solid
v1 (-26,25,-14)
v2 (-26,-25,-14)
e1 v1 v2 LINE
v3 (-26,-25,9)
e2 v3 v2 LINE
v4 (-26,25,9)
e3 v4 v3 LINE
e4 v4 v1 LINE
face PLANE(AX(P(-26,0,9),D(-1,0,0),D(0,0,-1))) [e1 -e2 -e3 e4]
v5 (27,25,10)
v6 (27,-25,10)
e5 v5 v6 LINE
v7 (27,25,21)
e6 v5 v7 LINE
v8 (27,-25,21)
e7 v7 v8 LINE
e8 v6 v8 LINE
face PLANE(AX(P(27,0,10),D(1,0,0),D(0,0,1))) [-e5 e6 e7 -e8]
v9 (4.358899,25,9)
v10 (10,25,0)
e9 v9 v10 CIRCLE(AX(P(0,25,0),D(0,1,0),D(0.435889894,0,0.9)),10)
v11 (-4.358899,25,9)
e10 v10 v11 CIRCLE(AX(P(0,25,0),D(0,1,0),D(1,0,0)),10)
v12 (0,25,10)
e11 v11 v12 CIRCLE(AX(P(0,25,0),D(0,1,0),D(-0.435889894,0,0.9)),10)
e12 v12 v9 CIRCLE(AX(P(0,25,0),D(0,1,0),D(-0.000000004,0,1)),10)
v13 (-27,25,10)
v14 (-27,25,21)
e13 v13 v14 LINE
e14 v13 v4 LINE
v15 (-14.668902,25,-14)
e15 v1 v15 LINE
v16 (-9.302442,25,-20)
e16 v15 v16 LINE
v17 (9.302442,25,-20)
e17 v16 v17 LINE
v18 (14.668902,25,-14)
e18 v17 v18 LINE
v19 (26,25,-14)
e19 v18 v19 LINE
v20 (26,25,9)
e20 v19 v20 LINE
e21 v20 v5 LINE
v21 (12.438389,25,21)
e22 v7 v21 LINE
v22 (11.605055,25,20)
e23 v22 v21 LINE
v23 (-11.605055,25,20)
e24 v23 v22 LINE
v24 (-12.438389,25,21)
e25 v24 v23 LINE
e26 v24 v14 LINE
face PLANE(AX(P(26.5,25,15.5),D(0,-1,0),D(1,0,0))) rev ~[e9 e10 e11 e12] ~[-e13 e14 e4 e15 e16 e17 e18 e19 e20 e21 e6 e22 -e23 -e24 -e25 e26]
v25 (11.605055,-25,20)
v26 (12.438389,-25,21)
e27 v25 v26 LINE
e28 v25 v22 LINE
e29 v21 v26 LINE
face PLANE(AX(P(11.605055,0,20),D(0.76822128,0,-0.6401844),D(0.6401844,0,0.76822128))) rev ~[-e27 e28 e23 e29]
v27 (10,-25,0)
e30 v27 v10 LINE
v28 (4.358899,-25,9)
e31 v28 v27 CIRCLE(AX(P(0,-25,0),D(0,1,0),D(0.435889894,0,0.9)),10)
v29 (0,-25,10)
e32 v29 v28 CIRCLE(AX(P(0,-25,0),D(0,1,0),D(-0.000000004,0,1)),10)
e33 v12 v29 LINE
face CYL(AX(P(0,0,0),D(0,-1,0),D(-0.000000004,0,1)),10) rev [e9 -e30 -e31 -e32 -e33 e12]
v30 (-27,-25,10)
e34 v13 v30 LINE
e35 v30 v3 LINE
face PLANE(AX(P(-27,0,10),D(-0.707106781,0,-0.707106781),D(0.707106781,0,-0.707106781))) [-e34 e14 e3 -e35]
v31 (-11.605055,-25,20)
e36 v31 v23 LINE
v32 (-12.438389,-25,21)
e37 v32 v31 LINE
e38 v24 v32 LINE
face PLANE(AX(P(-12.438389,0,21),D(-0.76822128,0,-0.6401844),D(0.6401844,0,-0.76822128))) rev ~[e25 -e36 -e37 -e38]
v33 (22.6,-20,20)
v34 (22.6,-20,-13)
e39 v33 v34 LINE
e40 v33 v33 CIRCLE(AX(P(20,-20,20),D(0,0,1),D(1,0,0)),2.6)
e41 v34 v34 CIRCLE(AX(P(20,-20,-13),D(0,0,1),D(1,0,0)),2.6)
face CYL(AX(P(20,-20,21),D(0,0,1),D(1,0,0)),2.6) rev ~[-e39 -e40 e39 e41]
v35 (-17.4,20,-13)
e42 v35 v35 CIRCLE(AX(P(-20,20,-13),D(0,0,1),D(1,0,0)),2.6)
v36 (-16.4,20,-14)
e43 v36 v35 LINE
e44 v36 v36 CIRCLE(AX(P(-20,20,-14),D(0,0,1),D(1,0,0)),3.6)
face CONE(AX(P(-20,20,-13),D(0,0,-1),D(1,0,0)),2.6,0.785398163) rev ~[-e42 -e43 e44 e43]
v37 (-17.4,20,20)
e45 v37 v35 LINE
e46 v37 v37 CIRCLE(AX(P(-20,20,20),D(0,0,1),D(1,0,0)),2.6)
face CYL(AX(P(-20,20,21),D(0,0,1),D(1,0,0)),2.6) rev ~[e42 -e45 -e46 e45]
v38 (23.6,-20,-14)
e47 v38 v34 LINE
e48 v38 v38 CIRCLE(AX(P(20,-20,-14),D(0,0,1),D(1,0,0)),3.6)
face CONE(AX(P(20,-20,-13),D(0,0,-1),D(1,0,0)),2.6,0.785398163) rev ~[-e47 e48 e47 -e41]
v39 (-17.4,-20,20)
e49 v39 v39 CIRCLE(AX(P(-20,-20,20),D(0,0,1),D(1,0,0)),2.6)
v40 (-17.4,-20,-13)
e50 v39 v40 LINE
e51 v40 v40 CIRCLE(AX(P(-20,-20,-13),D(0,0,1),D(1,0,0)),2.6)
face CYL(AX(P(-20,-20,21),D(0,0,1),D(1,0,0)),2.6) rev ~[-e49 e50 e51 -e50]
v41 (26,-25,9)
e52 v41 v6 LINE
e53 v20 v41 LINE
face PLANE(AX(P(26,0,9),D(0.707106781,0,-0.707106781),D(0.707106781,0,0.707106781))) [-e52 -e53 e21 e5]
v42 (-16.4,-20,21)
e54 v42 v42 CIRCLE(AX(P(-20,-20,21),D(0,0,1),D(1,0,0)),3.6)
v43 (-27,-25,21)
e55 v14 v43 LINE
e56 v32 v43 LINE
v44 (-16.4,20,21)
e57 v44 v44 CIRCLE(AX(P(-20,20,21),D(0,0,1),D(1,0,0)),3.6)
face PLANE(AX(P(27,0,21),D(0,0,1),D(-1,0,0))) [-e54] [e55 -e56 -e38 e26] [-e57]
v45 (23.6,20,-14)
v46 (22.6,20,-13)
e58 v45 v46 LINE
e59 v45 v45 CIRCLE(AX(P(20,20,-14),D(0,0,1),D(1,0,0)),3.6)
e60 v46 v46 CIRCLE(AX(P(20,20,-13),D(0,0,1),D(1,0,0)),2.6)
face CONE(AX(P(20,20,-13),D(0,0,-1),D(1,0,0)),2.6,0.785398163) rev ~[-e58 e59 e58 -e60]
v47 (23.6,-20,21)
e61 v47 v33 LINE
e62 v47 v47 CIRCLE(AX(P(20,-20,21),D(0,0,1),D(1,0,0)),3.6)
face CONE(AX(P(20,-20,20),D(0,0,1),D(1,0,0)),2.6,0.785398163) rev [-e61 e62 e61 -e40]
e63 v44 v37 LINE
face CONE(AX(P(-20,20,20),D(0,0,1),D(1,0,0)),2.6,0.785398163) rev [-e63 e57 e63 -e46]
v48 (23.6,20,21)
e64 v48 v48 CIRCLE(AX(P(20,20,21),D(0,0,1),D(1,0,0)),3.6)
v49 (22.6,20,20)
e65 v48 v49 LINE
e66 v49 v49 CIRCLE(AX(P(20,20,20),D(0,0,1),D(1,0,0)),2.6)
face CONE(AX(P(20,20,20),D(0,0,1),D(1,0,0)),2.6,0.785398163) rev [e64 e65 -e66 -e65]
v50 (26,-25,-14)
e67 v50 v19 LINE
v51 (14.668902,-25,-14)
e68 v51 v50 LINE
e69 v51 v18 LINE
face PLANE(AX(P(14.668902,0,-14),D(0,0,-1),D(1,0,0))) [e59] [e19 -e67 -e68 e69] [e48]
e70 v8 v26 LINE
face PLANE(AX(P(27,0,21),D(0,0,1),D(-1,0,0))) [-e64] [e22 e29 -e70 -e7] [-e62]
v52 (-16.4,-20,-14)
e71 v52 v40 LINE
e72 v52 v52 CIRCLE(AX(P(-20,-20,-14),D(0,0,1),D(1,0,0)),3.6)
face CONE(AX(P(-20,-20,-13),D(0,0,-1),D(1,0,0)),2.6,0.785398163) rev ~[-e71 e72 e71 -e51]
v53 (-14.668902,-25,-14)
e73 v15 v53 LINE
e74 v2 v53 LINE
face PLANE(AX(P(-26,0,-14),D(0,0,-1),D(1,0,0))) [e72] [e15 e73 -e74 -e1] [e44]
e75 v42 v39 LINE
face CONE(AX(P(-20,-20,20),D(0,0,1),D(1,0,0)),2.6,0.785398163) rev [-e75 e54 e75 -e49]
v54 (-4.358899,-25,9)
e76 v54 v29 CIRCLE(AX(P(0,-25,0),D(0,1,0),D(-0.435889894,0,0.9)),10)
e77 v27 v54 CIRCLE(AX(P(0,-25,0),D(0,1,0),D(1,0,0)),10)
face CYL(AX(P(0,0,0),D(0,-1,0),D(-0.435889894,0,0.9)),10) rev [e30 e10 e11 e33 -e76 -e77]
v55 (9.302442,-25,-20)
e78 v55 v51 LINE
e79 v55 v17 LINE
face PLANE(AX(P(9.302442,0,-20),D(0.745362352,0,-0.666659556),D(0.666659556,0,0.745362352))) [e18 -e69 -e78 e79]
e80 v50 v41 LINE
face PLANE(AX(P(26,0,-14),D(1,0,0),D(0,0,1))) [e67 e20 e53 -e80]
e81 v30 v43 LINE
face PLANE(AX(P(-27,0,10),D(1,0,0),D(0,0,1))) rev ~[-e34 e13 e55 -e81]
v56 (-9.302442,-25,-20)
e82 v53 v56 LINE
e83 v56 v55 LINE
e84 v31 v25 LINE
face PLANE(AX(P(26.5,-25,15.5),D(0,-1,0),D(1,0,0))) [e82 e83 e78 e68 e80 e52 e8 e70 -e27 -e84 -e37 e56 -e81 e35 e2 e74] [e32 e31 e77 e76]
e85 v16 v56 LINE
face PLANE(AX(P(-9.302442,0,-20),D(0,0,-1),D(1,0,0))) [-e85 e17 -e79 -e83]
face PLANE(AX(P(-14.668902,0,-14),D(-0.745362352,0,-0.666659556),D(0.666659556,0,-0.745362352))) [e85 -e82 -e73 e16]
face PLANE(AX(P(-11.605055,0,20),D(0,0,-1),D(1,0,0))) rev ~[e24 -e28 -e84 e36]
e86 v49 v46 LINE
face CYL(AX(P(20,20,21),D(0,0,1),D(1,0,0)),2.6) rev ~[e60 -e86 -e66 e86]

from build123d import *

# Parameters (mm, degrees)
F0_W     = 1
F0_H     = 11
F1_DEPTH = 25
F3_DEPTH = 50
F4_R     = 2.6
F5_DEPTH = 41.001
F6_SIZE  = 1


with BuildPart() as f1:
    # F0 (on Front) → F1 (new body, symmetric)
    with BuildSketch(Plane.XZ):
        with Locations((26.5, 15.5)):
            Rectangle(F0_W, F0_H)
        with Locations((-26.5, 15.5)):
            Rectangle(F0_W, F0_H)
        Polygon((9.3024417906, -20), (14.6689019081, -14), (-14.6689019081, -14), (-9.3024417906, -20), align=None)
        Polygon((26, 10), (26, 9), (27, 10), align=None)
        Polygon((-27, 10), (-26, 9), (-26, 10), align=None)
        with BuildLine():
            ThreePointArc((4.3588989435, 9), (8.4731632061, 5.310885546), (10, 0))
            ThreePointArc((10, 0), (-5.310885546, -8.4731632061), (-4.3588989435, 9))
            Line((-4.3588989435, 9), (-26, 9))
            Line((-26, 9), (-26, -14))
            Line((-26, -14), (-14.6689019081, -14))
            Line((-14.6689019081, -14), (14.6689019081, -14))
            Line((14.6689019081, -14), (26, -14))
            Line((26, -14), (26, 9))
            Line((26, 9), (4.3588989435, 9))
        make_face()
        with BuildLine():
            Line((-26, 9), (-4.3588989435, 9))
            ThreePointArc((-4.3588989435, 9), (-2.2360679957, 9.7467943406), (-3.73e-08, 10))
            Line((-3.73e-08, 10), (-26, 10))
            Line((-26, 10), (-26, 9))
        make_face()
        Polygon((-26, 10), (-3.73e-08, 10), (26, 10), (26, 21), (-26, 21), align=None)
        with BuildLine():
            ThreePointArc((-3.73e-08, 10), (2.2360679593, 9.746794349), (4.3588989435, 9))
            Line((4.3588989435, 9), (26, 9))
            Line((26, 9), (26, 10))
            Line((26, 10), (-3.73e-08, 10))
        make_face()
    extrude(amount=F1_DEPTH, both=True)

    # F2 (on Front) → F3 (cut, symmetric)
    with BuildSketch(Plane.XZ):
        Polygon((11.6050554439, 20), (12.4383887773, 21), (-12.4383887773, 21), (-11.6050554439, 20), align=None)
    extrude(amount=F3_DEPTH, both=True, mode=Mode.SUBTRACT)

    # F4 (on face) → F5 (cut, through all)
    with BuildSketch(Plane.XY.offset(21)):
        with Locations((20, 20)):
            Circle(F4_R)
        with Locations((-20, 20)):
            Circle(F4_R)
        with Locations((-20, -20)):
            Circle(F4_R)
        with Locations((20, -20)):
            Circle(F4_R)
    extrude(amount=-F5_DEPTH, mode=Mode.SUBTRACT)

    # F6
    f6_edges = [f1.edges().sort_by_distance(p)[0] for p in [
        (17.4, -20, 21),
        (-22.6, -20, 21),
        (-22.6, 20, 21),
        (17.4, 20, 21),
        (17.4, 20, -14),
        (-22.6, 20, -14),
        (17.4, -20, -14),
        (-22.6, -20, -14),
    ]]
    chamfer(f6_edges, length=F6_SIZE)


solid = f1.part
